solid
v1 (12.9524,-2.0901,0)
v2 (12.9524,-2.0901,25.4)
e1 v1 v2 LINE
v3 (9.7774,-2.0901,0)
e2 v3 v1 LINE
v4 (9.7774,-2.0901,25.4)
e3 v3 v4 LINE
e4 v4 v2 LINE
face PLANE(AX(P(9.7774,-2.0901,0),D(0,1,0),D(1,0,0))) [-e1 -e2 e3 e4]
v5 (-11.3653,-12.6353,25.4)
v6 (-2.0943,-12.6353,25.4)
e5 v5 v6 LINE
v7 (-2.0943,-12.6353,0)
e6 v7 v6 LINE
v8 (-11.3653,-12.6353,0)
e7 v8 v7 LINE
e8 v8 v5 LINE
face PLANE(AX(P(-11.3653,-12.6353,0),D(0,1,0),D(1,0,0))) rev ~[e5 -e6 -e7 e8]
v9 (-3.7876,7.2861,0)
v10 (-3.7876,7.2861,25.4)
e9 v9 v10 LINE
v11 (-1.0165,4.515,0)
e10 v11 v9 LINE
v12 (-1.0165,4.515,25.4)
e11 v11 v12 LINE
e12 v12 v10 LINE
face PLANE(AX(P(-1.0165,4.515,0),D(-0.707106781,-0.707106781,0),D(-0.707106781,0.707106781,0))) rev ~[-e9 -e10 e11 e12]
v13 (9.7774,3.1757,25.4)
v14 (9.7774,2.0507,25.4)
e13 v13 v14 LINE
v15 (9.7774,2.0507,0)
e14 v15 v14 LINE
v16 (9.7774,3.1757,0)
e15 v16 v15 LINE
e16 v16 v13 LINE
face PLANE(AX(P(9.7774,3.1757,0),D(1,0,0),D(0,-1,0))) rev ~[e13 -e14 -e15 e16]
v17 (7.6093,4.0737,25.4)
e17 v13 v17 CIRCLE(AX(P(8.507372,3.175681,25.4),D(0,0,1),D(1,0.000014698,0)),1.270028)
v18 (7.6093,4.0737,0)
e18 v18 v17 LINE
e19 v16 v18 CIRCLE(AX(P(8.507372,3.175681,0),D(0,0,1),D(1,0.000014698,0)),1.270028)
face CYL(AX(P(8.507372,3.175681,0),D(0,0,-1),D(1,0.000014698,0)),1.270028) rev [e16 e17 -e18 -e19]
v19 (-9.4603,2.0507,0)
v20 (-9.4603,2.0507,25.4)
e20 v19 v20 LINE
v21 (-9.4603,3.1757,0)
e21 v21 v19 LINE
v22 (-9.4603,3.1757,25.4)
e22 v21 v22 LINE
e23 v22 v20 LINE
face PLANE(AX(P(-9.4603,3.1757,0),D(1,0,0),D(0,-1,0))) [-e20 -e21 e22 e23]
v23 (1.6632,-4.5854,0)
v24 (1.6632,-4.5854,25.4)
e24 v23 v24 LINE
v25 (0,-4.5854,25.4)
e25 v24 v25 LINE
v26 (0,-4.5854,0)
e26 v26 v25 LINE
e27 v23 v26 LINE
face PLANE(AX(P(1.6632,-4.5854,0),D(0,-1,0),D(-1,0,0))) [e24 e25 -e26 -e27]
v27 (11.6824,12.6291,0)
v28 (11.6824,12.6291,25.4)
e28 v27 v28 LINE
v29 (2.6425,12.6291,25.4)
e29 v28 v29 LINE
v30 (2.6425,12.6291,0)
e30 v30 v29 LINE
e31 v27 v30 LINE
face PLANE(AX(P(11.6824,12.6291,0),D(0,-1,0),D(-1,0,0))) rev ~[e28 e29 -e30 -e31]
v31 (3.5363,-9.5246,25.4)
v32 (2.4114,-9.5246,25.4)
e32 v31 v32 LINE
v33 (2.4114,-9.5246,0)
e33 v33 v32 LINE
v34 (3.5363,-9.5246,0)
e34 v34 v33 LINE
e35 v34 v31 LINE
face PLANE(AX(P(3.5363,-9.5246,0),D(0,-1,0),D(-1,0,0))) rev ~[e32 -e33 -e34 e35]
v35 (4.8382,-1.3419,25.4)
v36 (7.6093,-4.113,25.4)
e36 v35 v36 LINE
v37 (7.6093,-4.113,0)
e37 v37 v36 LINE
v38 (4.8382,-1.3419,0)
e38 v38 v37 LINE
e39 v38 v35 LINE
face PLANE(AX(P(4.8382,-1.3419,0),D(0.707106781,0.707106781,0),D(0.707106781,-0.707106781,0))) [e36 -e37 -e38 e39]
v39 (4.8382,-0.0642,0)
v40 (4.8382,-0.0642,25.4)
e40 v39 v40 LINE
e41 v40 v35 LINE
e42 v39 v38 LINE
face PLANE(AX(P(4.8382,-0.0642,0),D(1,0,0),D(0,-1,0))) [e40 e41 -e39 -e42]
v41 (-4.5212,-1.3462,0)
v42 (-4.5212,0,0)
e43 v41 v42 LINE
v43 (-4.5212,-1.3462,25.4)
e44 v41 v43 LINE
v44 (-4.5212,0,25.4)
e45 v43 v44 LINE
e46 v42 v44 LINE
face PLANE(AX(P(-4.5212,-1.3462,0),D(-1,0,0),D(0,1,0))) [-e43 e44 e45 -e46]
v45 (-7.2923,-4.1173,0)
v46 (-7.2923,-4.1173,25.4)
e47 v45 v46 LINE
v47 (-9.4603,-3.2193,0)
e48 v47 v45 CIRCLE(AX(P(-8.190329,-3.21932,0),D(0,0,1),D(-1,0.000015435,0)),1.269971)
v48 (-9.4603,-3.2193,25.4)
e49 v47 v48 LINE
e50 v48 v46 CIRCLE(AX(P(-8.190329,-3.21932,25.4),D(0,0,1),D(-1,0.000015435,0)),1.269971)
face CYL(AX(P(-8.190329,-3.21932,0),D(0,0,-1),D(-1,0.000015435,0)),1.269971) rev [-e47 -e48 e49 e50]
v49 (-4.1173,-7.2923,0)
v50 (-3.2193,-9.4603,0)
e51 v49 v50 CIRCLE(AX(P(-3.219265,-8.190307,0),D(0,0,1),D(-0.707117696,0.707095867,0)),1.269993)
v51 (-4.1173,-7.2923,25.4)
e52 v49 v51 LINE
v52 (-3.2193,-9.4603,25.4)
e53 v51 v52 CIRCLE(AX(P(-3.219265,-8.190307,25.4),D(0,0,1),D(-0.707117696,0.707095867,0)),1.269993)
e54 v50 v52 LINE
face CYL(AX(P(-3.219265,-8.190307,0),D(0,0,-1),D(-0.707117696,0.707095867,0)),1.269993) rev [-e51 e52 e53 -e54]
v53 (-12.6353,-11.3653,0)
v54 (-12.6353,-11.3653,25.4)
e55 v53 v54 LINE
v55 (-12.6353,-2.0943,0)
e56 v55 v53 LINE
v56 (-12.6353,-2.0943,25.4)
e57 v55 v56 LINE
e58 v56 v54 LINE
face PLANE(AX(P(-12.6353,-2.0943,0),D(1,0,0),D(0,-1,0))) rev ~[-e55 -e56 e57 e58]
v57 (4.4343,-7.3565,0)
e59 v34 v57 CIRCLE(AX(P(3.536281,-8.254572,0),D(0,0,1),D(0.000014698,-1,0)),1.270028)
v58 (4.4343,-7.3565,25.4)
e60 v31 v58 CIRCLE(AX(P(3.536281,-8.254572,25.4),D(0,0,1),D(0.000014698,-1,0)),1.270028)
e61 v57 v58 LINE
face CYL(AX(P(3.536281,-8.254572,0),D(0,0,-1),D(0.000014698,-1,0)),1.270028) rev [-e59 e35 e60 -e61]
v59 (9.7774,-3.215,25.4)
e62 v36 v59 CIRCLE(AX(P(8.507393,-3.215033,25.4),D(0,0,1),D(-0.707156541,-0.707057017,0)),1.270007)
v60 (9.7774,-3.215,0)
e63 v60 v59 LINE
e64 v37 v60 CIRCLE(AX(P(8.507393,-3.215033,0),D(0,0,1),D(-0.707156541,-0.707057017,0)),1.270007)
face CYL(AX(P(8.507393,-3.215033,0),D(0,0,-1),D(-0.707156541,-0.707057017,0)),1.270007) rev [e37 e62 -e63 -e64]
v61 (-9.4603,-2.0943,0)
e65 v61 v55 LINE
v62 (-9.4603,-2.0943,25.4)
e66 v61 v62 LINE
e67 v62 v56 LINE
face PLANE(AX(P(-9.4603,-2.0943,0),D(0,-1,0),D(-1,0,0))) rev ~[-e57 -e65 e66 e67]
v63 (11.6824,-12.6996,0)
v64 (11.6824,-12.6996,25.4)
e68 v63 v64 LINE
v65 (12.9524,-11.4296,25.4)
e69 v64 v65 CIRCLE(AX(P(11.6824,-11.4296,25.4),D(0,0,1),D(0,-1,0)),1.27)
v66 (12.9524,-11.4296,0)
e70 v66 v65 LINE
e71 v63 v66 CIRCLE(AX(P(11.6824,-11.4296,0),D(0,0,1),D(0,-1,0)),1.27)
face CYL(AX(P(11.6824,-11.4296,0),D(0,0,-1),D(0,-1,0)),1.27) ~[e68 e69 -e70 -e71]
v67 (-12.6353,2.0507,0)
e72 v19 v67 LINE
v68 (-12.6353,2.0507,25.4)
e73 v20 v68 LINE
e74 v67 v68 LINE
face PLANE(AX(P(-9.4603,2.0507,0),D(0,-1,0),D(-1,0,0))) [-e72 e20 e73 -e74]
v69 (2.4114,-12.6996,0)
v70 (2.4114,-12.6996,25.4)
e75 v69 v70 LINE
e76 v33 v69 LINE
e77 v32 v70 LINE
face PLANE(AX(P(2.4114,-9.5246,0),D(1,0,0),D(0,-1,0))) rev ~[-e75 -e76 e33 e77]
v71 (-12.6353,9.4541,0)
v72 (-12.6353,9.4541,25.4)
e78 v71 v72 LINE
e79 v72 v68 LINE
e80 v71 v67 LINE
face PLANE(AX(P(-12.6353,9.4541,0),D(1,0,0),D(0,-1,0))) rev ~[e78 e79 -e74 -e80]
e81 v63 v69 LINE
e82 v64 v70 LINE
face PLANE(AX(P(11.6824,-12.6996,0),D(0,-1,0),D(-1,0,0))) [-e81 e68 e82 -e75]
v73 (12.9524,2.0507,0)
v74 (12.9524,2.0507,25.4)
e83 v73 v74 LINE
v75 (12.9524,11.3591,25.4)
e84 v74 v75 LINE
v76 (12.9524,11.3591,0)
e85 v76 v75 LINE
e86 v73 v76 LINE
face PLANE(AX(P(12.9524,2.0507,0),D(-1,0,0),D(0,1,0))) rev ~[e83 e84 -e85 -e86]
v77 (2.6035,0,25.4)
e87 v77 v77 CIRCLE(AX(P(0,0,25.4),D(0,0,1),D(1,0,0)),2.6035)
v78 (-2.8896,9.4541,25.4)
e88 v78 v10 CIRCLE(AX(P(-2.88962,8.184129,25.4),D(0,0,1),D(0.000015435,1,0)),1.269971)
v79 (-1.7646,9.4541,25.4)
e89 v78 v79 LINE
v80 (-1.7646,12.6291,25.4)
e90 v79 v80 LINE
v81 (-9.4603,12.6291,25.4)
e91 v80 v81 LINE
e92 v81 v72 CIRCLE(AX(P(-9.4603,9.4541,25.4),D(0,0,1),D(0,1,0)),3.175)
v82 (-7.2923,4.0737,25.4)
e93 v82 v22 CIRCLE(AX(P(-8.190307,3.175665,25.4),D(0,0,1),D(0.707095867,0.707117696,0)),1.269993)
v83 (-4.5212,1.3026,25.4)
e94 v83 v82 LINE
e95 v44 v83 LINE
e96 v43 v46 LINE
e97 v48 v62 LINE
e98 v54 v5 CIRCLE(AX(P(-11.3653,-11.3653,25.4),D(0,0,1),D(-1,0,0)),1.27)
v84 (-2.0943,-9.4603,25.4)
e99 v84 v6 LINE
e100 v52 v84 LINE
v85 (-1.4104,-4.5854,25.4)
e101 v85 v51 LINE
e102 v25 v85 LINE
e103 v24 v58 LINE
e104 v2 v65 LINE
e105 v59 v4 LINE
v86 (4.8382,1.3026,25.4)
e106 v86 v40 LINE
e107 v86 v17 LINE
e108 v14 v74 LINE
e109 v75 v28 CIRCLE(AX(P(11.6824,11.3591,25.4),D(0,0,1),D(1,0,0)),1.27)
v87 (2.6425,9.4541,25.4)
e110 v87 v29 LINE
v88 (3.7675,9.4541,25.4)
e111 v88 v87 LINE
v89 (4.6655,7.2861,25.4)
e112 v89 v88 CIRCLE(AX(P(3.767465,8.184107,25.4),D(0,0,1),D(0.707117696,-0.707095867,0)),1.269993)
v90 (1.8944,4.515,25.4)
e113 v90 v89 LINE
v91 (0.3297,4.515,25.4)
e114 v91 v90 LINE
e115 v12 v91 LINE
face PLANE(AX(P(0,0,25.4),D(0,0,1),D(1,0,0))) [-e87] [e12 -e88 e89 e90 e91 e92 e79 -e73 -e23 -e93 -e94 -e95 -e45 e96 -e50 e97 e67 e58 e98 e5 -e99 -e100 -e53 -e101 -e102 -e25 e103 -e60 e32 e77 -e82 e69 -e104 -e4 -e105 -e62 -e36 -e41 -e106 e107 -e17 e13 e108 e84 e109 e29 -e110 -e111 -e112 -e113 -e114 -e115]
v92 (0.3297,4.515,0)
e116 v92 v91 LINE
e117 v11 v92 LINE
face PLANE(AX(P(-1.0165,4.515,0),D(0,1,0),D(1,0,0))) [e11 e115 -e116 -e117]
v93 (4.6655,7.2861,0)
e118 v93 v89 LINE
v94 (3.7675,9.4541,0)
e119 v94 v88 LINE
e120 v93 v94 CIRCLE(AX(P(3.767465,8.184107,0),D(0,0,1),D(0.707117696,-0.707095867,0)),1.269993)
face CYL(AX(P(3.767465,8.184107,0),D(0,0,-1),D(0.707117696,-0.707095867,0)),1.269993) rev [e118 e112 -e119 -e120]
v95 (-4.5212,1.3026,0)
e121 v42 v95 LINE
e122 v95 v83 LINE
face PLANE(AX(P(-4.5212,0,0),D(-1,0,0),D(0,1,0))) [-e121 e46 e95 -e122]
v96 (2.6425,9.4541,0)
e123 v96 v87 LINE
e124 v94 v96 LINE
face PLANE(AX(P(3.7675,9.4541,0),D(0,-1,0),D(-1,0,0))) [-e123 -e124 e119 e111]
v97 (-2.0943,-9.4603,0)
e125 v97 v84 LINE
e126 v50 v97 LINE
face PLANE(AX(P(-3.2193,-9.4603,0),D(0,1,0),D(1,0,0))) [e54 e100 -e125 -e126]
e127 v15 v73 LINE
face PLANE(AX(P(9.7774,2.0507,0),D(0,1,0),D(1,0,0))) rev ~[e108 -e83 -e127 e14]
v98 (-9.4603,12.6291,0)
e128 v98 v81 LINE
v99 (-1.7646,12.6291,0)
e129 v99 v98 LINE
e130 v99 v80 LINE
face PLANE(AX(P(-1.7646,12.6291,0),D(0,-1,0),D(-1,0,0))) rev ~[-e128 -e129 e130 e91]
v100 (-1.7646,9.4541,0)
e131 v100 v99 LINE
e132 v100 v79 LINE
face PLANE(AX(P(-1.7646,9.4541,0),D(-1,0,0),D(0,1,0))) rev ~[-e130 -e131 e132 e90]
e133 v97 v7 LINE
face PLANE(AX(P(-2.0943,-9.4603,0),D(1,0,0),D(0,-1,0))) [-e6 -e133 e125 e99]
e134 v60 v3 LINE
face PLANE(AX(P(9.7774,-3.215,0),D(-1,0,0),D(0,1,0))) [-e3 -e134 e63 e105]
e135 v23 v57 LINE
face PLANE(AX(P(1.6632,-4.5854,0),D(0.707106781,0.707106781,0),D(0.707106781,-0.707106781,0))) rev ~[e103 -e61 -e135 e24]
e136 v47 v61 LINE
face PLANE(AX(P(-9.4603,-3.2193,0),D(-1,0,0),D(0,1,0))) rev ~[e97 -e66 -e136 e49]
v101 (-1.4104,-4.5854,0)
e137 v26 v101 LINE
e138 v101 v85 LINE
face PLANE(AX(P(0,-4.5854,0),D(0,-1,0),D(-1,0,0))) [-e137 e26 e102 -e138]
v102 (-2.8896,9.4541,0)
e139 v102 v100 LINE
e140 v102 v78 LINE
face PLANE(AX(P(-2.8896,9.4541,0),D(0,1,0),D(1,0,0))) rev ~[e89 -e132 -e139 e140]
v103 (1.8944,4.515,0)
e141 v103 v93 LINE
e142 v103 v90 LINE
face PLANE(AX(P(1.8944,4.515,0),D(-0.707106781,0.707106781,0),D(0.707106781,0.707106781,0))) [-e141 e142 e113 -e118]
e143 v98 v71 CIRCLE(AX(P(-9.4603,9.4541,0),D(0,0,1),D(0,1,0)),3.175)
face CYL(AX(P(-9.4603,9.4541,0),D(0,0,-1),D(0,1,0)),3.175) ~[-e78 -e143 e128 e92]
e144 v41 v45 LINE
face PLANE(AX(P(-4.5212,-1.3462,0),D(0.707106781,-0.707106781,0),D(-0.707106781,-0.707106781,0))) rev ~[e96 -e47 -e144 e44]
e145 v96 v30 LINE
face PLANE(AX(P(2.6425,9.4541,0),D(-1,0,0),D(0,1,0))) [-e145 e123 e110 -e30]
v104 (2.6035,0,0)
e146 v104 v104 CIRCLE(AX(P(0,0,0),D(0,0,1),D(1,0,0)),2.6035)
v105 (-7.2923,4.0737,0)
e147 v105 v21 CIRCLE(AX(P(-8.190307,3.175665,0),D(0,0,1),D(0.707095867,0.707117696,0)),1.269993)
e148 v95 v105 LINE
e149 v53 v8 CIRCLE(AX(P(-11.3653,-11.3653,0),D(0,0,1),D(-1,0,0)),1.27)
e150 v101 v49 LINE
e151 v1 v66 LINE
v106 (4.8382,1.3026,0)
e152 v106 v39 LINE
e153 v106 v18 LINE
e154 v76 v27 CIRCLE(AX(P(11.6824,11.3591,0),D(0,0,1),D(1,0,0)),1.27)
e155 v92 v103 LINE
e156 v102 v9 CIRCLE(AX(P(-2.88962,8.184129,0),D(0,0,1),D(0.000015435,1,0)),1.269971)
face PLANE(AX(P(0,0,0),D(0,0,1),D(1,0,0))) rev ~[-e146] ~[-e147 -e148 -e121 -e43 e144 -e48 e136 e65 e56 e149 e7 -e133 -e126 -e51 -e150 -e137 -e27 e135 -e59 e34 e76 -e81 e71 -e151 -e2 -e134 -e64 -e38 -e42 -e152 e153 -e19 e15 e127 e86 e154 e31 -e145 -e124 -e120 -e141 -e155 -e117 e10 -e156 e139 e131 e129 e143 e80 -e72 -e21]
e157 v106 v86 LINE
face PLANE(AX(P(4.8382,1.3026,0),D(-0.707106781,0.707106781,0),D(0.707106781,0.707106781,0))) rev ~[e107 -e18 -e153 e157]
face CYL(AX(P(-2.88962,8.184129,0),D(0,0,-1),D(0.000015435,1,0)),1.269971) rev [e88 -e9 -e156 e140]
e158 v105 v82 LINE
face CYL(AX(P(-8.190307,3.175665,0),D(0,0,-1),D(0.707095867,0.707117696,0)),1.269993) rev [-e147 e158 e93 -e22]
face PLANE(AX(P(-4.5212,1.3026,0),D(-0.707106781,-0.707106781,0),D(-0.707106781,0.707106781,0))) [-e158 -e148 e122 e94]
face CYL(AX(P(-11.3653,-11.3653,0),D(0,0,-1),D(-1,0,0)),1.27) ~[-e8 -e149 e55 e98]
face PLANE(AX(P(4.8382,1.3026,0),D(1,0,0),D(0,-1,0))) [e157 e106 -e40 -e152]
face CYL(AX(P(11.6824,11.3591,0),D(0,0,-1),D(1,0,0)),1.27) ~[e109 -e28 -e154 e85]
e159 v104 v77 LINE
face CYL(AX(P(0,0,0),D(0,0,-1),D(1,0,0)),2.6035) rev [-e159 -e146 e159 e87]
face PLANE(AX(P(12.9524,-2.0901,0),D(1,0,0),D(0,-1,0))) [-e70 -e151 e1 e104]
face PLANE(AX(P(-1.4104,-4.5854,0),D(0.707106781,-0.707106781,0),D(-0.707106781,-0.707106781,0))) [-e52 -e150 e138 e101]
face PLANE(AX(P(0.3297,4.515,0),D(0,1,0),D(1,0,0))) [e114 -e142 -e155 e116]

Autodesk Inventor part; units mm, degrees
ref_plane "YZ Plane" through (0, 0, 0) normal (1, 0, 0) x (0, 1, 0)
ref_plane "XZ Plane" through (0, 0, 0) normal (0, 1, 0) x (-1, 0, 0)
ref_plane "XY Plane" through (0, 0, 0) normal (0, 0, 1) x (1, 0, 0)
sketch "Sketch1" plane through (0, 0, 0) normal (0, 0, 1) x (1, 0, 0)
  circle A0 centre (0, 0) radius 2.6035
  line L0 (0.3297, 4.515) -> (1.8944, 4.515)
  line L1 (4.8382, 1.3026) -> (4.8382, -0.0642)
  line L2 (4.8382, -0.0642) -> (4.8382, -1.3419)
  line L3 (4.8382, -0.0642) -> (6.1159, -0.0642) construction
  line L4 (1.6632, -4.5854) -> (0, -4.5854)
  line L5 (0, -4.5854) -> (-1.4104, -4.5854)
  line L6 (-4.5212, -1.3462) -> (-4.5212, 0)
  line L7 (-4.5212, 0) -> (-4.5212, 1.3026)
  line L8 (-1.0165, 4.515) -> (0.3297, 4.515)
  line L9 (1.8944, 4.515) -> (10.2327, 4.515) construction
  line L10 (1.8944, 4.515) -> (4.6655, 7.2861)
  line L11 (1.8944, 4.515) -> (5.8133, 4.515) construction
  line L12 (4.8382, 1.3026) -> (7.6093, 4.0737)
  line L13 (-1.0165, 4.515) -> (-3.7876, 7.2861)
  line L14 (-4.5212, 1.3026) -> (-7.2923, 4.0737)
  line L15 (-4.5212, -1.3462) -> (-7.2923, -4.1173)
  line L16 (-1.4104, -4.5854) -> (-4.1173, -7.2923)
  line L17 (1.6632, -4.5854) -> (4.4343, -7.3565)
  line L18 (4.8382, -1.3419) -> (7.6093, -4.113)
  line L19 (4.8382, -1.3419) -> (8.7572, -1.3419) construction
  line L20 (-2.8896, 9.4541) -> (-1.7646, 9.4541)
  line L21 (3.7675, 9.4541) -> (2.6425, 9.4541)
  line L22 (-9.4603, 3.1757) -> (-9.4603, 2.0507)
  line L23 (-9.4603, -3.2193) -> (-9.4603, -2.0943)
  line L24 (-3.2193, -9.4603) -> (-2.0943, -9.4603)
  line L25 (3.5363, -9.5246) -> (2.4114, -9.5246)
  line L26 (9.7774, -3.215) -> (9.7774, -2.0901)
  line L27 (9.7774, 3.1757) -> (9.7774, 2.0507)
  line L28 (-1.7646, 9.4541) -> (-1.7646, 12.6291)
  line L29 (-9.4603, 2.0507) -> (-12.6353, 2.0507)
  line L30 (-9.4603, -2.0943) -> (-12.6353, -2.0943)
  line L31 (-2.0943, -9.4603) -> (-2.0943, -12.6353)
  line L32 (2.4114, -9.5246) -> (2.4114, -12.6996)
  line L33 (9.7774, -2.0901) -> (12.9524, -2.0901)
  line L34 (9.7774, 2.0507) -> (12.9524, 2.0507)
  line L35 (2.6425, 9.4541) -> (2.6425, 12.6291)
  line L36 (-1.7646, 12.6291) -> (-9.4603, 12.6291)
  line L37 (-12.6353, 9.4541) -> (-12.6353, 2.0507)
  line L38 (-12.6353, -2.0943) -> (-12.6353, -11.3653)
  line L39 (-11.3653, -12.6353) -> (-2.0943, -12.6353)
  line L40 (12.9524, -2.0901) -> (12.9524, -11.4296)
  line L41 (11.6824, -12.6996) -> (2.4114, -12.6996)
  line L42 (12.9524, 2.0507) -> (12.9524, 11.3591)
  line L43 (11.6824, 12.6291) -> (2.6425, 12.6291)
  arc A1 (-9.4603, 12.6291) -> (-12.6353, 9.4541) centre (-9.4603, 9.4541) ccw
  arc A2 (-2.8896, 9.4541) -> (-3.7876, 7.2861) centre (-2.8896, 8.1841) ccw
  arc A3 (-7.2923, 4.0737) -> (-9.4603, 3.1757) centre (-8.1903, 3.1757) ccw
  arc A4 (-9.4603, -3.2193) -> (-7.2923, -4.1173) centre (-8.1903, -3.2193) ccw
  arc A5 (-4.1173, -7.2923) -> (-3.2193, -9.4603) centre (-3.2193, -8.1903) ccw
  arc A6 (3.5363, -9.5246) -> (4.4343, -7.3565) centre (3.5363, -8.2546) ccw
  arc A7 (7.6093, -4.113) -> (9.7774, -3.215) centre (8.5074, -3.215) ccw
  arc A8 (9.7774, 3.1757) -> (7.6093, 4.0737) centre (8.5074, 3.1757) ccw
  arc A9 (4.6655, 7.2861) -> (3.7675, 9.4541) centre (3.7675, 8.1841) ccw
  arc A10 (12.9524, 11.3591) -> (11.6824, 12.6291) centre (11.6824, 11.3591) ccw
  arc A11 (11.6824, -12.6996) -> (12.9524, -11.4296) centre (11.6824, -11.4296) ccw
  arc A12 (-12.6353, -11.3653) -> (-11.3653, -12.6353) centre (-11.3653, -11.3653) ccw
  point P0 (4.8382, 4.515)
  point P1 (4.8382, -4.5854)
  point P2 (-4.5212, -4.5854)
  point P3 (-4.5212, 4.515)
  point P4 (6.8335, 9.4541)
  point P5 (9.7774, 6.2417)
  point P6 (-5.9556, 9.4541)
  point P7 (-9.4603, 6.2417)
  point P8 (-9.4603, -6.2853)
  point P9 (-6.2853, -9.4603)
  point P10 (6.6024, -9.5246)
  point P11 (9.7774, -6.2811)
  dimension "d0" = 5.207
  dimension "d1" = 4.5085
  dimension "d2" = 90
  dimension "d3" = 4.5212
  dimension "d4" = 90
  dimension "d5" = 4.5212
  dimension "d9" = 6.985
  dimension "d10" = 45
  dimension "d11" = 6.985
  dimension "d12" = 6.985
  dimension "d13" = 6.985
  dimension "d14" = 6.985
  dimension "d15" = 6.985
  dimension "d16" = 6.985
  dimension "d17" = 45
  dimension "d18" = 4.191
  dimension "d19" = 4.191
  dimension "d20" = 4.191
  dimension "d21" = 4.191
  dimension "d22" = 4.191
  dimension "d23" = 4.191
  dimension "d24" = 4.191
  dimension "d25" = 4.191
  dimension "d26" = 3.175
  dimension "d27" = 3.175
  dimension "d28" = 3.175
  dimension "d29" = 3.175
  dimension "d30" = 3.175
  dimension "d31" = 1.27
  dimension "d32" = 1.27
extrude "Extrusion1" add sketch "Sketch1" along normal blind 25.4
properties part number "kylestslot"
